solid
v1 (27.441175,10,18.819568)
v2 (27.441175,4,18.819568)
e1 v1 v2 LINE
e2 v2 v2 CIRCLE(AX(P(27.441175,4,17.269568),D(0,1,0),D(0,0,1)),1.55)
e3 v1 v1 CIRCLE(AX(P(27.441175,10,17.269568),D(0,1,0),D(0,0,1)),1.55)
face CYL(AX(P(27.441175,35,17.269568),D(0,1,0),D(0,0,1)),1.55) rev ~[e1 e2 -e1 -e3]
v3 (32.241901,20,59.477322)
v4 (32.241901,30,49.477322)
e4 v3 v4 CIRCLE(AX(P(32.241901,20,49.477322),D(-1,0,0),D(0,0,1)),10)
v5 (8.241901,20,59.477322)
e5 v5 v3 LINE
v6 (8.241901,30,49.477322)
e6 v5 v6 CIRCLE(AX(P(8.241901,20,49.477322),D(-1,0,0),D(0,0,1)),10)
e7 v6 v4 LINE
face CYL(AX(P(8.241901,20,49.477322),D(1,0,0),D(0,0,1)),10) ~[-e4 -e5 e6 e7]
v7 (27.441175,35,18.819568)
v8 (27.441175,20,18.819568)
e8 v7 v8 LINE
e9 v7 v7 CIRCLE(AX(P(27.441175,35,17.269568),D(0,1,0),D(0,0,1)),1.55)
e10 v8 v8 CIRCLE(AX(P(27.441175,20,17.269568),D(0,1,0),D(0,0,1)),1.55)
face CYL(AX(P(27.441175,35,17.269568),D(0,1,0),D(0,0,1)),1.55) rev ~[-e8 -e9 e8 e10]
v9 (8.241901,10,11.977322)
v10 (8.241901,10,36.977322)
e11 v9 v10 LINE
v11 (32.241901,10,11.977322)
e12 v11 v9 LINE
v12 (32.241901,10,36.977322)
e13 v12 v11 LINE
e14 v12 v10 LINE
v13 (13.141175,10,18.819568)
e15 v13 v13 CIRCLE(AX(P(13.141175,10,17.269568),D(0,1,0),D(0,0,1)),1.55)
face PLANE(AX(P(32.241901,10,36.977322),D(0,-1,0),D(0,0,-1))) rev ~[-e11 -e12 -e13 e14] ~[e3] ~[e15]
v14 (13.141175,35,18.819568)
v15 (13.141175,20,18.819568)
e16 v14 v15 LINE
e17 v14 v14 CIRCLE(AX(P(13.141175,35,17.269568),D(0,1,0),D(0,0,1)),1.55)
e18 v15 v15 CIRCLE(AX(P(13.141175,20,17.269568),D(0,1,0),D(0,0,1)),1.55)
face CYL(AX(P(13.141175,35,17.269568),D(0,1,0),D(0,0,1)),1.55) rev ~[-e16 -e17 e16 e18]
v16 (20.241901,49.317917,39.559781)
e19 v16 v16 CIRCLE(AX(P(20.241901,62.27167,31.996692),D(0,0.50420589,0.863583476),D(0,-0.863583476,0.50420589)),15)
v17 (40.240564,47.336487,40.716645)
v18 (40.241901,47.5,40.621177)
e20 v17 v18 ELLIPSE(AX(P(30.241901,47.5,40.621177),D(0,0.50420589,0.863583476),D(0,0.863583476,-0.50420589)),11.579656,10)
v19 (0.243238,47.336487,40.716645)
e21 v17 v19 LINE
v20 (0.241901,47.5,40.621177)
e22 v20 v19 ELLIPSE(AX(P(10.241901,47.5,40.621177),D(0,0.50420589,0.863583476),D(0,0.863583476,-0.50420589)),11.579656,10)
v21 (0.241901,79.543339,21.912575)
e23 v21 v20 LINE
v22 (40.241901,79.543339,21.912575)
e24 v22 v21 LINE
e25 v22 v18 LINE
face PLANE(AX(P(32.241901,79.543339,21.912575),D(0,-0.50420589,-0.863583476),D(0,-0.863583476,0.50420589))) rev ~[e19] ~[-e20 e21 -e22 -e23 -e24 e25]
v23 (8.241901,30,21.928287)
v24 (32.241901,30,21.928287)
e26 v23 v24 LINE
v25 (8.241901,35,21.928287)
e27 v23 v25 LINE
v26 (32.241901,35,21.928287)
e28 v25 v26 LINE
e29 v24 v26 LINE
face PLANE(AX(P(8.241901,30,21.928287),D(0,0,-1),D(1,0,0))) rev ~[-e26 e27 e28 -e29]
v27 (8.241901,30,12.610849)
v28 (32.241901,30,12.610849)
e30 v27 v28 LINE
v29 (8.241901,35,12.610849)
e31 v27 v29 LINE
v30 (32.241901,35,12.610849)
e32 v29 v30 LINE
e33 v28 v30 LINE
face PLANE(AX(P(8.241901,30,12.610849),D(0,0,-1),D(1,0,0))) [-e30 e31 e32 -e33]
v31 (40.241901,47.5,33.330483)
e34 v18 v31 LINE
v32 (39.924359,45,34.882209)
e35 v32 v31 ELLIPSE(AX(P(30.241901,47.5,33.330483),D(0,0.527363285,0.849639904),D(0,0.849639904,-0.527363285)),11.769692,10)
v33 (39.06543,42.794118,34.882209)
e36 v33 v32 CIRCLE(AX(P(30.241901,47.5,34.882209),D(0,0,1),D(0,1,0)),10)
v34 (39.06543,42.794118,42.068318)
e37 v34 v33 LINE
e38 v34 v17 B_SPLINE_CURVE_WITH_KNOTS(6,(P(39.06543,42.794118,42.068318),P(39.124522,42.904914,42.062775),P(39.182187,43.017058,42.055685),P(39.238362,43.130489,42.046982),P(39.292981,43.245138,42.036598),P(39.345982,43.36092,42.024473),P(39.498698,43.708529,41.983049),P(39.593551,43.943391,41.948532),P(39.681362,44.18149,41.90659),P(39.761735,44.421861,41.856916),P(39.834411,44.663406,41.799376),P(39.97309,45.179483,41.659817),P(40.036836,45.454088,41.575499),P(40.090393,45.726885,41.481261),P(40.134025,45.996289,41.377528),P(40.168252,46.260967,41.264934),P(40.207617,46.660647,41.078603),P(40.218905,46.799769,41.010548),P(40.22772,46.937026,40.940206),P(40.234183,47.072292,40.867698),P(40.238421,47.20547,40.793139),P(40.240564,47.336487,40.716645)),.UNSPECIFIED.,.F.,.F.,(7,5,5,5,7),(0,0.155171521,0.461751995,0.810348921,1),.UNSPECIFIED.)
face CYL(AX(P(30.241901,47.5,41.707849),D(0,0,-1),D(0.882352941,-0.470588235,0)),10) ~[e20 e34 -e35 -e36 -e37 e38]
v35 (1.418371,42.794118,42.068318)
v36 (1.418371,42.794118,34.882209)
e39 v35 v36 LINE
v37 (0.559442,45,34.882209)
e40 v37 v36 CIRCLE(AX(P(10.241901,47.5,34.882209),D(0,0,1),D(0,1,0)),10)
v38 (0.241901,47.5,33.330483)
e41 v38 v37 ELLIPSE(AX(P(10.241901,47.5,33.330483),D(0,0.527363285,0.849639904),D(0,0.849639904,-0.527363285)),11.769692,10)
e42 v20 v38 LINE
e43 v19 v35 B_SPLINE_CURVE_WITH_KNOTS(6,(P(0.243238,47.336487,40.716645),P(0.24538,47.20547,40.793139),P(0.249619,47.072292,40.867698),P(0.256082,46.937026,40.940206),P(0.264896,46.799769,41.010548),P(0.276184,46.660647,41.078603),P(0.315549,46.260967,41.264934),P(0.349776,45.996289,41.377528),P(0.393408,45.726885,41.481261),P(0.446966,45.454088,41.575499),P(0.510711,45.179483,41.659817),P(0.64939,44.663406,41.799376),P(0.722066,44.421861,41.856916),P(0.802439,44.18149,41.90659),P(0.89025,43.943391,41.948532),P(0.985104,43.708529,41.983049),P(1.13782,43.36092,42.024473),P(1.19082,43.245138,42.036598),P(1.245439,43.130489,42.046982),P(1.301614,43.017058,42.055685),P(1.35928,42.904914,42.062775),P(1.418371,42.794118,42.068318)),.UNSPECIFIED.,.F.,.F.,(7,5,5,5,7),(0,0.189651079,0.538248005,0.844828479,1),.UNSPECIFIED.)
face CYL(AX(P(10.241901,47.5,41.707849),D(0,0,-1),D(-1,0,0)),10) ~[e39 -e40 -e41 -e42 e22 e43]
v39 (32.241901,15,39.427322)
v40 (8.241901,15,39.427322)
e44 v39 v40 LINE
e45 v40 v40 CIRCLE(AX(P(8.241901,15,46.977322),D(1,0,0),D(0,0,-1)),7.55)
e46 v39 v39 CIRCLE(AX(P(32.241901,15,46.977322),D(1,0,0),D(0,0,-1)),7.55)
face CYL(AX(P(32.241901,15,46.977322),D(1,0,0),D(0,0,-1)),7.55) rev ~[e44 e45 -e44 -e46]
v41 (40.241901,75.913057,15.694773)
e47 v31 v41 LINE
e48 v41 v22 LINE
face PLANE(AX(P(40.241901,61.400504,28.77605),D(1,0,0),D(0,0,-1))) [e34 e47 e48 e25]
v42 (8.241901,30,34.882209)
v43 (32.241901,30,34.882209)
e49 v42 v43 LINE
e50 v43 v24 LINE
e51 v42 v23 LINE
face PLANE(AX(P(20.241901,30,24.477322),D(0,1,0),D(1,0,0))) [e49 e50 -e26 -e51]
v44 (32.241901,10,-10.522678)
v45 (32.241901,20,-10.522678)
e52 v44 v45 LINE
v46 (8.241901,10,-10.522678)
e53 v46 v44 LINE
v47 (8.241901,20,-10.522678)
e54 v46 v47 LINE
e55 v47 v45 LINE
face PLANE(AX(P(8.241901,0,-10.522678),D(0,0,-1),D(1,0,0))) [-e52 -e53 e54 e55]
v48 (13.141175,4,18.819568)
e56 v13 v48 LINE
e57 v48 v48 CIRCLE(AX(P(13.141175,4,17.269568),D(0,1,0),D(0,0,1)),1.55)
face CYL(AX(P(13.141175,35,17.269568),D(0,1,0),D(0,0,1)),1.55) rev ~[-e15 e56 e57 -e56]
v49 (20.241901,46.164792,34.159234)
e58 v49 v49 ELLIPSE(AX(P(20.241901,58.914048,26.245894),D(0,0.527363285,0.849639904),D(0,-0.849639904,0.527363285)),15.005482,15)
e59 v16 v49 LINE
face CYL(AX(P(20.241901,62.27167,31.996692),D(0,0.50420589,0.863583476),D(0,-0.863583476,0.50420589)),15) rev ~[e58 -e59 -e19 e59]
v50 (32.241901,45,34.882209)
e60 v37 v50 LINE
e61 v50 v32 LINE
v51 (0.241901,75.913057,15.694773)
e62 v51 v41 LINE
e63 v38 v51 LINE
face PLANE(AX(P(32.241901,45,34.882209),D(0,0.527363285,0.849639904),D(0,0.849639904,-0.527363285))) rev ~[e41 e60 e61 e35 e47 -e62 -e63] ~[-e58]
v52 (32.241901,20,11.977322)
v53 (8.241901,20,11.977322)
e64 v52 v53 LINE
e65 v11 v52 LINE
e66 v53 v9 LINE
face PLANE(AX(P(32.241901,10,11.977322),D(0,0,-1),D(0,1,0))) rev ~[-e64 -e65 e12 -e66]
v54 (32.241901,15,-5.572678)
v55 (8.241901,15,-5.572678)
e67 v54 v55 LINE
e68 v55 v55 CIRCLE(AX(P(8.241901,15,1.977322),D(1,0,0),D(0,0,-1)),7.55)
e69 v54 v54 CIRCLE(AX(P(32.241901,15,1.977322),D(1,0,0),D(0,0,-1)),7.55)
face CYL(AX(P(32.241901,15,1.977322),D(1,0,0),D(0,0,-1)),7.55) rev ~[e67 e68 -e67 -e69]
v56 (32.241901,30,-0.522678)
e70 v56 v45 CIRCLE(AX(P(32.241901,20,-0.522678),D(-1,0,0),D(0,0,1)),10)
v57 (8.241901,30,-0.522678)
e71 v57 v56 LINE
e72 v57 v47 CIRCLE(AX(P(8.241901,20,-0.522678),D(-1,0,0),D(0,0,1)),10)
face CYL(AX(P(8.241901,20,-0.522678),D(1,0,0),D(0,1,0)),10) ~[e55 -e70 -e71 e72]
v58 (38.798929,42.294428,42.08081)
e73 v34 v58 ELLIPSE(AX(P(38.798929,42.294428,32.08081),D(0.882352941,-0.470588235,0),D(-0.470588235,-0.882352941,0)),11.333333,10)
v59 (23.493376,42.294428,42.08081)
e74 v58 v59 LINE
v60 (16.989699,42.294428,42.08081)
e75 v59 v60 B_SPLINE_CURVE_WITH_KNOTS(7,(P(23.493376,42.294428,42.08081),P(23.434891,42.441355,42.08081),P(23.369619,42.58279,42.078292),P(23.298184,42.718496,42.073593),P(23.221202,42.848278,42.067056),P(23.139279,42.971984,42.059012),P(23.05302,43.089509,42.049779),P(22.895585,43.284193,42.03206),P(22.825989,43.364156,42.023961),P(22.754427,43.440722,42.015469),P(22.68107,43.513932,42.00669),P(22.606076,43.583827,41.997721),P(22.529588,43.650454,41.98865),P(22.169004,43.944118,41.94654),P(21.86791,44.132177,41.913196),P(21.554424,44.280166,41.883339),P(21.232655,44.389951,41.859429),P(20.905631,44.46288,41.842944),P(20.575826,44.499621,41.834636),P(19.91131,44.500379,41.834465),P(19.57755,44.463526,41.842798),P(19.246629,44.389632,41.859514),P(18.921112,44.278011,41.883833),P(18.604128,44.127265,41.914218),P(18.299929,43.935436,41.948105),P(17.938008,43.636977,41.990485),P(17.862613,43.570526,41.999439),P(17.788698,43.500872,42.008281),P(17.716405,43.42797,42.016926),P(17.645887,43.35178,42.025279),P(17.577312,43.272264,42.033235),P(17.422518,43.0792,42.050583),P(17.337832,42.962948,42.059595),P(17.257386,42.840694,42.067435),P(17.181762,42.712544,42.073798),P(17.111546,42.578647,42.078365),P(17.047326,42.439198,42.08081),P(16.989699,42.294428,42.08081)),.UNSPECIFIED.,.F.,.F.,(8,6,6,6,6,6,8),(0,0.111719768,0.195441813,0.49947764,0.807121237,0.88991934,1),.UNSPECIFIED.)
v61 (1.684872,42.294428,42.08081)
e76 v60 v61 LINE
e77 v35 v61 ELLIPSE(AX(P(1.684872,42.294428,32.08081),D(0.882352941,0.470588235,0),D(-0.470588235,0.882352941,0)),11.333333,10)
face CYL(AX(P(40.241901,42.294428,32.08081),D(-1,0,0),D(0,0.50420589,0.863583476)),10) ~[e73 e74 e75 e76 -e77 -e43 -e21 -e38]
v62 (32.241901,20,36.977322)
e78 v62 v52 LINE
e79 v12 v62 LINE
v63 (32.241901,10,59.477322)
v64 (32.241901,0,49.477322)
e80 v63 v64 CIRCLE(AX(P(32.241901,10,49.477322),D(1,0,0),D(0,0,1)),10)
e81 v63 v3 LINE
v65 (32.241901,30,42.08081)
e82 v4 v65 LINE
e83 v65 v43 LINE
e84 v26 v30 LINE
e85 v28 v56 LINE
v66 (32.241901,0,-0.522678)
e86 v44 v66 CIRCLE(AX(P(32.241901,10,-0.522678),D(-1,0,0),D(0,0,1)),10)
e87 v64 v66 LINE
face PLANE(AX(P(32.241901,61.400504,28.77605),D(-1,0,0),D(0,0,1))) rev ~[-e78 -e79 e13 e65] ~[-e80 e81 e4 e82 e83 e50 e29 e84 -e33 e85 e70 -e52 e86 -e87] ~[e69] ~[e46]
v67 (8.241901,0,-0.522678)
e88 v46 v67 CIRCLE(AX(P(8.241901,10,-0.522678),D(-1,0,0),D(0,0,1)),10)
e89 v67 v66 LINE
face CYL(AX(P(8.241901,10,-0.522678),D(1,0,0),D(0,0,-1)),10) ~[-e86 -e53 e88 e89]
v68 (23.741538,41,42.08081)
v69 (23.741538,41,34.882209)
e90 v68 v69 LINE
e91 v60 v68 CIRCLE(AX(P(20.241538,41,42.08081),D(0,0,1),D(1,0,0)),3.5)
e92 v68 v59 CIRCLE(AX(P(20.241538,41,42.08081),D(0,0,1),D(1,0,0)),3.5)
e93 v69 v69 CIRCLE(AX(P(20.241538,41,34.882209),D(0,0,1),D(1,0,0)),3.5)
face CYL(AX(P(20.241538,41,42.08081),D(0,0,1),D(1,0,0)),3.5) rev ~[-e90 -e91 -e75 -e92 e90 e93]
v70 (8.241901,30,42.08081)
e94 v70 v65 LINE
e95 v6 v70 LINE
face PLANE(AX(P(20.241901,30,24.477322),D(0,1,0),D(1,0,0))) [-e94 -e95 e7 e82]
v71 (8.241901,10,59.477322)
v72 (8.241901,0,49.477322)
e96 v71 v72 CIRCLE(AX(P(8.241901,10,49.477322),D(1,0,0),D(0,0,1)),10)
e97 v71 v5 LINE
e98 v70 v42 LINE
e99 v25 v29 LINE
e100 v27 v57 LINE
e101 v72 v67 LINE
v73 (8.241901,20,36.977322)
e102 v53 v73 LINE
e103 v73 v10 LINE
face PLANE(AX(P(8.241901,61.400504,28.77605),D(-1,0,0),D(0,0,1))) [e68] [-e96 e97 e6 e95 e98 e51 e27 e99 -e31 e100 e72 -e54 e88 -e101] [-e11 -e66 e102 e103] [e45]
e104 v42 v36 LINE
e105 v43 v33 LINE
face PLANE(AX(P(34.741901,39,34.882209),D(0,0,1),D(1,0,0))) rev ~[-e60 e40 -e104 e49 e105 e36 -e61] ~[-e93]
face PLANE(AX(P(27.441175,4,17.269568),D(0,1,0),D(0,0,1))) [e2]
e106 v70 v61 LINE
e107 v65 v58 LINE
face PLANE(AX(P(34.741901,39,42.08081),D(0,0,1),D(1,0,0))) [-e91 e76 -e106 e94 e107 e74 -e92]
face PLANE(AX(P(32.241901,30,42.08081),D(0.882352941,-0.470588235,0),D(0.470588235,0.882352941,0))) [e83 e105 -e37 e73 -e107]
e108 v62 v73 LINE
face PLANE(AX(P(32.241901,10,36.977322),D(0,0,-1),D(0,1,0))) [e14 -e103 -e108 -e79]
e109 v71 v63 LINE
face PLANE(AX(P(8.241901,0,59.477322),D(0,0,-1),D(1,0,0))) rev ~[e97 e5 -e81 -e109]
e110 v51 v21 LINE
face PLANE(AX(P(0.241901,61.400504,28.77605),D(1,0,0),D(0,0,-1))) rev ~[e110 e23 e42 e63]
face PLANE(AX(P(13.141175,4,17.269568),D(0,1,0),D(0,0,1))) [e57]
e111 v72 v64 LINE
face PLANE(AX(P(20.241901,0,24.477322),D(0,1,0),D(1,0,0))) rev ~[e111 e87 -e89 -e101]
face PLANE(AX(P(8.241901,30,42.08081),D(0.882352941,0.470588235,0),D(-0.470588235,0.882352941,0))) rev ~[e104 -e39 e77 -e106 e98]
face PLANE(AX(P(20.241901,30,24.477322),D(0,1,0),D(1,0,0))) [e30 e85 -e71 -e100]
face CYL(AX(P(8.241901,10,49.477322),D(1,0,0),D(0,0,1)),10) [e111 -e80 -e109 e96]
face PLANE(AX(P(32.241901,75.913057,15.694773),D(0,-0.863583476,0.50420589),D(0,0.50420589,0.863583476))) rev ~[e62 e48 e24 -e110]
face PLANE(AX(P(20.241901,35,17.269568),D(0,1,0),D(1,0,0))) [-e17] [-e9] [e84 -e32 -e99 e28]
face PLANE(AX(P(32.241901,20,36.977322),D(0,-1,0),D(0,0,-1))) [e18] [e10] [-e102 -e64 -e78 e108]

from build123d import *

# Parameters (mm, degrees)
SKETCH_1_W          = 24
SKETCH_1_H          = 70
EXTRUDE_1_DEPTH     = 30
SKETCH_2_R          = 7.55
CUT_EXTRUDE_1_DEPTH = 71.806439045
SKETCH_3_W          = 25
SKETCH_3_H          = 10
CUT_EXTRUDE_2_DEPTH = 71.806439045
SKETCH_4_W          = 24
SKETCH_4_H          = 9.317438099
EXTRUDE_2_DEPTH     = 5
SKETCH_5_R          = 1.55
CUT_EXTRUDE_3_DEPTH = 31
FILLET_1_R          = 10
SKETCH_6_W          = 24
SKETCH_6_H          = 7.198600856
EXTRUDE_3_DEPTH     = 15
EXTRUDE_4_DEPTH     = 24
EXTRUDE_5_DEPTH     = 8
EXTRUDE_6_DEPTH     = 8
SKETCH_10_R         = 15
CUT_EXTRUDE_4_DEPTH = 16
EXTRUDE_7_DEPTH     = 7.198600855
EXTRUDE_8_DEPTH     = 7.198600855
FILLET_2_R          = 10
FILLET_3_R          = 10
SKETCH_14_R         = 3.5
CUT_EXTRUDE_5_DEPTH = 13


with BuildPart() as part:
    # 草图1 → 凸台-拉伸1 (new body)
    with BuildSketch(Plane(origin=(0, 0, 0), x_dir=(1, 0, 0), z_dir=(0, 1, 0))):
        with Locations((20.241900648, -24.477321814)):
            Rectangle(SKETCH_1_W, SKETCH_1_H)
    extrude(amount=EXTRUDE_1_DEPTH)

    # 草图2 → 切除-拉伸1 (cut, through all)
    with BuildSketch(Plane(origin=(32.241900648, 0, 0), x_dir=(0, 0, -1), z_dir=(1, 0, 0))):
        with Locations((-46.977321814, 15)):
            Circle(SKETCH_2_R)
        with Locations((-1.977321814, 15)):
            Circle(SKETCH_2_R)
    extrude(amount=-CUT_EXTRUDE_1_DEPTH, mode=Mode.SUBTRACT)

    # 草图3 → 切除-拉伸2 (cut, through all)
    with BuildSketch(Plane(origin=(32.241900648, 0, 0), x_dir=(0, 0, -1), z_dir=(1, 0, 0))):
        with Locations((-24.477321814, 15)):
            Rectangle(SKETCH_3_W, SKETCH_3_H)
    extrude(amount=-CUT_EXTRUDE_2_DEPTH, mode=Mode.SUBTRACT)

    # 草图4 → 凸台-拉伸2 (add)
    with BuildSketch(Plane(origin=(0, 30, 0), x_dir=(1, 0, 0), z_dir=(0, 1, 0))):
        with Locations((20.241900648, -17.269567559)):
            Rectangle(SKETCH_4_W, SKETCH_4_H)
    extrude(amount=EXTRUDE_2_DEPTH)

    # 草图5 → 切除-拉伸3 (cut)
    with BuildSketch(Plane(origin=(0, 35, 0), x_dir=(1, 0, 0), z_dir=(0, 1, 0))):
        with Locations(Location((27.441174565, -17.269567558, 0), (0, 0, 270))):
            Circle(SKETCH_5_R)
        with Locations(Location((13.141174565, -17.269567558, 0), (0, 0, 270))):
            Circle(SKETCH_5_R)
    extrude(amount=-CUT_EXTRUDE_3_DEPTH, mode=Mode.SUBTRACT)

    # 圆角1
    fillet_1_edges = [part.edges().sort_by_distance(p)[0] for p in [
        (20.241900648, 30, -10.522678186),
        (20.241900648, 0, -10.522678186),
        (20.241900648, 0, 59.477321814),
        (20.241900648, 30, 59.477321814),
    ]]
    fillet(fillet_1_edges, radius=FILLET_1_R)

    # 草图6 → 凸台-拉伸3 (add)
    with BuildSketch(Plane(origin=(0, 30, 0), x_dir=(1, 0, 0), z_dir=(0, 1, 0))):
        with Locations((20.241900648, -38.481509693)):
            Rectangle(SKETCH_6_W, SKETCH_6_H)
    extrude(amount=EXTRUDE_3_DEPTH)

    # 草图7 → 凸台-拉伸4 (add)
    with BuildSketch(Plane.ZY.offset(-8.241900648)):
        Polygon((42.080810121, 45), (21.912574503, 79.54333904), (15.694773475, 75.913056629), (34.882209265, 45), align=None)
    extrude(amount=-EXTRUDE_4_DEPTH)

    # 草图8 → 凸台-拉伸5 (add)
    with BuildSketch(Plane.ZY.offset(-8.241900648)):
        Polygon((42.080810121, 45), (34.882209265, 45), (15.694773475, 75.913056629), (21.912574503, 79.54333904), align=None)
    extrude(amount=EXTRUDE_5_DEPTH)

    # 草图9 → 凸台-拉伸6 (add)
    with BuildSketch(Plane(origin=(32.241900648, 0, 0), x_dir=(0, 0, -1), z_dir=(1, 0, 0))):
        Polygon((-42.080810121, 45), (-34.882209265, 45), (-15.694773475, 75.913056629), (-21.912574503, 79.54333904), align=None)
    extrude(amount=EXTRUDE_6_DEPTH)

    # 草图10 → 切除-拉伸4 (cut)
    with BuildSketch(Plane(origin=(0, 29.763050525, 50.976950321), x_dir=(1, 0, 0), z_dir=(0, 0.5042058904481267, 0.8635834760099408))):
        with Locations(Location((20.241900648, 37.643864083, 0), (0, 0, 270))):
            Circle(SKETCH_10_R)
    extrude(amount=-CUT_EXTRUDE_4_DEPTH, mode=Mode.SUBTRACT)

    # 草图12 → 凸台-拉伸7 (add)
    with BuildSketch(Plane.XY.offset(42.080810121)):
        Polygon((0.241900648, 45), (8.241900648, 45), (8.241900648, 30), align=None)
    extrude(amount=-EXTRUDE_7_DEPTH)

    # 草图13 → 凸台-拉伸8 (add)
    with BuildSketch(Plane.XY.offset(42.080810121)):
        Polygon((40.241900648, 45), (32.241900648, 45), (32.241900648, 30), align=None)
    extrude(amount=-EXTRUDE_8_DEPTH)

    # 圆角2
    fillet_2_edges = [part.edges().sort_by_distance(p)[0] for p in [
        (20.241900648, 45, 42.080810121),
    ]]
    fillet(fillet_2_edges, radius=FILLET_2_R)

    # 圆角3
    fillet_3_edges = [part.edges().sort_by_distance(p)[0] for p in [
        (0.241900648, 45, 38.295029227),
        (40.241900648, 45, 38.295029227),
    ]]
    fillet(fillet_3_edges, radius=FILLET_3_R)

    # 草图14 → 切除-拉伸5 (cut)
    with BuildSketch(Plane.XY.offset(42.080810121)):
        with Locations((20.241537607, 41)):
            Circle(SKETCH_14_R)
    extrude(amount=-CUT_EXTRUDE_5_DEPTH, mode=Mode.SUBTRACT)


solid = part.part
